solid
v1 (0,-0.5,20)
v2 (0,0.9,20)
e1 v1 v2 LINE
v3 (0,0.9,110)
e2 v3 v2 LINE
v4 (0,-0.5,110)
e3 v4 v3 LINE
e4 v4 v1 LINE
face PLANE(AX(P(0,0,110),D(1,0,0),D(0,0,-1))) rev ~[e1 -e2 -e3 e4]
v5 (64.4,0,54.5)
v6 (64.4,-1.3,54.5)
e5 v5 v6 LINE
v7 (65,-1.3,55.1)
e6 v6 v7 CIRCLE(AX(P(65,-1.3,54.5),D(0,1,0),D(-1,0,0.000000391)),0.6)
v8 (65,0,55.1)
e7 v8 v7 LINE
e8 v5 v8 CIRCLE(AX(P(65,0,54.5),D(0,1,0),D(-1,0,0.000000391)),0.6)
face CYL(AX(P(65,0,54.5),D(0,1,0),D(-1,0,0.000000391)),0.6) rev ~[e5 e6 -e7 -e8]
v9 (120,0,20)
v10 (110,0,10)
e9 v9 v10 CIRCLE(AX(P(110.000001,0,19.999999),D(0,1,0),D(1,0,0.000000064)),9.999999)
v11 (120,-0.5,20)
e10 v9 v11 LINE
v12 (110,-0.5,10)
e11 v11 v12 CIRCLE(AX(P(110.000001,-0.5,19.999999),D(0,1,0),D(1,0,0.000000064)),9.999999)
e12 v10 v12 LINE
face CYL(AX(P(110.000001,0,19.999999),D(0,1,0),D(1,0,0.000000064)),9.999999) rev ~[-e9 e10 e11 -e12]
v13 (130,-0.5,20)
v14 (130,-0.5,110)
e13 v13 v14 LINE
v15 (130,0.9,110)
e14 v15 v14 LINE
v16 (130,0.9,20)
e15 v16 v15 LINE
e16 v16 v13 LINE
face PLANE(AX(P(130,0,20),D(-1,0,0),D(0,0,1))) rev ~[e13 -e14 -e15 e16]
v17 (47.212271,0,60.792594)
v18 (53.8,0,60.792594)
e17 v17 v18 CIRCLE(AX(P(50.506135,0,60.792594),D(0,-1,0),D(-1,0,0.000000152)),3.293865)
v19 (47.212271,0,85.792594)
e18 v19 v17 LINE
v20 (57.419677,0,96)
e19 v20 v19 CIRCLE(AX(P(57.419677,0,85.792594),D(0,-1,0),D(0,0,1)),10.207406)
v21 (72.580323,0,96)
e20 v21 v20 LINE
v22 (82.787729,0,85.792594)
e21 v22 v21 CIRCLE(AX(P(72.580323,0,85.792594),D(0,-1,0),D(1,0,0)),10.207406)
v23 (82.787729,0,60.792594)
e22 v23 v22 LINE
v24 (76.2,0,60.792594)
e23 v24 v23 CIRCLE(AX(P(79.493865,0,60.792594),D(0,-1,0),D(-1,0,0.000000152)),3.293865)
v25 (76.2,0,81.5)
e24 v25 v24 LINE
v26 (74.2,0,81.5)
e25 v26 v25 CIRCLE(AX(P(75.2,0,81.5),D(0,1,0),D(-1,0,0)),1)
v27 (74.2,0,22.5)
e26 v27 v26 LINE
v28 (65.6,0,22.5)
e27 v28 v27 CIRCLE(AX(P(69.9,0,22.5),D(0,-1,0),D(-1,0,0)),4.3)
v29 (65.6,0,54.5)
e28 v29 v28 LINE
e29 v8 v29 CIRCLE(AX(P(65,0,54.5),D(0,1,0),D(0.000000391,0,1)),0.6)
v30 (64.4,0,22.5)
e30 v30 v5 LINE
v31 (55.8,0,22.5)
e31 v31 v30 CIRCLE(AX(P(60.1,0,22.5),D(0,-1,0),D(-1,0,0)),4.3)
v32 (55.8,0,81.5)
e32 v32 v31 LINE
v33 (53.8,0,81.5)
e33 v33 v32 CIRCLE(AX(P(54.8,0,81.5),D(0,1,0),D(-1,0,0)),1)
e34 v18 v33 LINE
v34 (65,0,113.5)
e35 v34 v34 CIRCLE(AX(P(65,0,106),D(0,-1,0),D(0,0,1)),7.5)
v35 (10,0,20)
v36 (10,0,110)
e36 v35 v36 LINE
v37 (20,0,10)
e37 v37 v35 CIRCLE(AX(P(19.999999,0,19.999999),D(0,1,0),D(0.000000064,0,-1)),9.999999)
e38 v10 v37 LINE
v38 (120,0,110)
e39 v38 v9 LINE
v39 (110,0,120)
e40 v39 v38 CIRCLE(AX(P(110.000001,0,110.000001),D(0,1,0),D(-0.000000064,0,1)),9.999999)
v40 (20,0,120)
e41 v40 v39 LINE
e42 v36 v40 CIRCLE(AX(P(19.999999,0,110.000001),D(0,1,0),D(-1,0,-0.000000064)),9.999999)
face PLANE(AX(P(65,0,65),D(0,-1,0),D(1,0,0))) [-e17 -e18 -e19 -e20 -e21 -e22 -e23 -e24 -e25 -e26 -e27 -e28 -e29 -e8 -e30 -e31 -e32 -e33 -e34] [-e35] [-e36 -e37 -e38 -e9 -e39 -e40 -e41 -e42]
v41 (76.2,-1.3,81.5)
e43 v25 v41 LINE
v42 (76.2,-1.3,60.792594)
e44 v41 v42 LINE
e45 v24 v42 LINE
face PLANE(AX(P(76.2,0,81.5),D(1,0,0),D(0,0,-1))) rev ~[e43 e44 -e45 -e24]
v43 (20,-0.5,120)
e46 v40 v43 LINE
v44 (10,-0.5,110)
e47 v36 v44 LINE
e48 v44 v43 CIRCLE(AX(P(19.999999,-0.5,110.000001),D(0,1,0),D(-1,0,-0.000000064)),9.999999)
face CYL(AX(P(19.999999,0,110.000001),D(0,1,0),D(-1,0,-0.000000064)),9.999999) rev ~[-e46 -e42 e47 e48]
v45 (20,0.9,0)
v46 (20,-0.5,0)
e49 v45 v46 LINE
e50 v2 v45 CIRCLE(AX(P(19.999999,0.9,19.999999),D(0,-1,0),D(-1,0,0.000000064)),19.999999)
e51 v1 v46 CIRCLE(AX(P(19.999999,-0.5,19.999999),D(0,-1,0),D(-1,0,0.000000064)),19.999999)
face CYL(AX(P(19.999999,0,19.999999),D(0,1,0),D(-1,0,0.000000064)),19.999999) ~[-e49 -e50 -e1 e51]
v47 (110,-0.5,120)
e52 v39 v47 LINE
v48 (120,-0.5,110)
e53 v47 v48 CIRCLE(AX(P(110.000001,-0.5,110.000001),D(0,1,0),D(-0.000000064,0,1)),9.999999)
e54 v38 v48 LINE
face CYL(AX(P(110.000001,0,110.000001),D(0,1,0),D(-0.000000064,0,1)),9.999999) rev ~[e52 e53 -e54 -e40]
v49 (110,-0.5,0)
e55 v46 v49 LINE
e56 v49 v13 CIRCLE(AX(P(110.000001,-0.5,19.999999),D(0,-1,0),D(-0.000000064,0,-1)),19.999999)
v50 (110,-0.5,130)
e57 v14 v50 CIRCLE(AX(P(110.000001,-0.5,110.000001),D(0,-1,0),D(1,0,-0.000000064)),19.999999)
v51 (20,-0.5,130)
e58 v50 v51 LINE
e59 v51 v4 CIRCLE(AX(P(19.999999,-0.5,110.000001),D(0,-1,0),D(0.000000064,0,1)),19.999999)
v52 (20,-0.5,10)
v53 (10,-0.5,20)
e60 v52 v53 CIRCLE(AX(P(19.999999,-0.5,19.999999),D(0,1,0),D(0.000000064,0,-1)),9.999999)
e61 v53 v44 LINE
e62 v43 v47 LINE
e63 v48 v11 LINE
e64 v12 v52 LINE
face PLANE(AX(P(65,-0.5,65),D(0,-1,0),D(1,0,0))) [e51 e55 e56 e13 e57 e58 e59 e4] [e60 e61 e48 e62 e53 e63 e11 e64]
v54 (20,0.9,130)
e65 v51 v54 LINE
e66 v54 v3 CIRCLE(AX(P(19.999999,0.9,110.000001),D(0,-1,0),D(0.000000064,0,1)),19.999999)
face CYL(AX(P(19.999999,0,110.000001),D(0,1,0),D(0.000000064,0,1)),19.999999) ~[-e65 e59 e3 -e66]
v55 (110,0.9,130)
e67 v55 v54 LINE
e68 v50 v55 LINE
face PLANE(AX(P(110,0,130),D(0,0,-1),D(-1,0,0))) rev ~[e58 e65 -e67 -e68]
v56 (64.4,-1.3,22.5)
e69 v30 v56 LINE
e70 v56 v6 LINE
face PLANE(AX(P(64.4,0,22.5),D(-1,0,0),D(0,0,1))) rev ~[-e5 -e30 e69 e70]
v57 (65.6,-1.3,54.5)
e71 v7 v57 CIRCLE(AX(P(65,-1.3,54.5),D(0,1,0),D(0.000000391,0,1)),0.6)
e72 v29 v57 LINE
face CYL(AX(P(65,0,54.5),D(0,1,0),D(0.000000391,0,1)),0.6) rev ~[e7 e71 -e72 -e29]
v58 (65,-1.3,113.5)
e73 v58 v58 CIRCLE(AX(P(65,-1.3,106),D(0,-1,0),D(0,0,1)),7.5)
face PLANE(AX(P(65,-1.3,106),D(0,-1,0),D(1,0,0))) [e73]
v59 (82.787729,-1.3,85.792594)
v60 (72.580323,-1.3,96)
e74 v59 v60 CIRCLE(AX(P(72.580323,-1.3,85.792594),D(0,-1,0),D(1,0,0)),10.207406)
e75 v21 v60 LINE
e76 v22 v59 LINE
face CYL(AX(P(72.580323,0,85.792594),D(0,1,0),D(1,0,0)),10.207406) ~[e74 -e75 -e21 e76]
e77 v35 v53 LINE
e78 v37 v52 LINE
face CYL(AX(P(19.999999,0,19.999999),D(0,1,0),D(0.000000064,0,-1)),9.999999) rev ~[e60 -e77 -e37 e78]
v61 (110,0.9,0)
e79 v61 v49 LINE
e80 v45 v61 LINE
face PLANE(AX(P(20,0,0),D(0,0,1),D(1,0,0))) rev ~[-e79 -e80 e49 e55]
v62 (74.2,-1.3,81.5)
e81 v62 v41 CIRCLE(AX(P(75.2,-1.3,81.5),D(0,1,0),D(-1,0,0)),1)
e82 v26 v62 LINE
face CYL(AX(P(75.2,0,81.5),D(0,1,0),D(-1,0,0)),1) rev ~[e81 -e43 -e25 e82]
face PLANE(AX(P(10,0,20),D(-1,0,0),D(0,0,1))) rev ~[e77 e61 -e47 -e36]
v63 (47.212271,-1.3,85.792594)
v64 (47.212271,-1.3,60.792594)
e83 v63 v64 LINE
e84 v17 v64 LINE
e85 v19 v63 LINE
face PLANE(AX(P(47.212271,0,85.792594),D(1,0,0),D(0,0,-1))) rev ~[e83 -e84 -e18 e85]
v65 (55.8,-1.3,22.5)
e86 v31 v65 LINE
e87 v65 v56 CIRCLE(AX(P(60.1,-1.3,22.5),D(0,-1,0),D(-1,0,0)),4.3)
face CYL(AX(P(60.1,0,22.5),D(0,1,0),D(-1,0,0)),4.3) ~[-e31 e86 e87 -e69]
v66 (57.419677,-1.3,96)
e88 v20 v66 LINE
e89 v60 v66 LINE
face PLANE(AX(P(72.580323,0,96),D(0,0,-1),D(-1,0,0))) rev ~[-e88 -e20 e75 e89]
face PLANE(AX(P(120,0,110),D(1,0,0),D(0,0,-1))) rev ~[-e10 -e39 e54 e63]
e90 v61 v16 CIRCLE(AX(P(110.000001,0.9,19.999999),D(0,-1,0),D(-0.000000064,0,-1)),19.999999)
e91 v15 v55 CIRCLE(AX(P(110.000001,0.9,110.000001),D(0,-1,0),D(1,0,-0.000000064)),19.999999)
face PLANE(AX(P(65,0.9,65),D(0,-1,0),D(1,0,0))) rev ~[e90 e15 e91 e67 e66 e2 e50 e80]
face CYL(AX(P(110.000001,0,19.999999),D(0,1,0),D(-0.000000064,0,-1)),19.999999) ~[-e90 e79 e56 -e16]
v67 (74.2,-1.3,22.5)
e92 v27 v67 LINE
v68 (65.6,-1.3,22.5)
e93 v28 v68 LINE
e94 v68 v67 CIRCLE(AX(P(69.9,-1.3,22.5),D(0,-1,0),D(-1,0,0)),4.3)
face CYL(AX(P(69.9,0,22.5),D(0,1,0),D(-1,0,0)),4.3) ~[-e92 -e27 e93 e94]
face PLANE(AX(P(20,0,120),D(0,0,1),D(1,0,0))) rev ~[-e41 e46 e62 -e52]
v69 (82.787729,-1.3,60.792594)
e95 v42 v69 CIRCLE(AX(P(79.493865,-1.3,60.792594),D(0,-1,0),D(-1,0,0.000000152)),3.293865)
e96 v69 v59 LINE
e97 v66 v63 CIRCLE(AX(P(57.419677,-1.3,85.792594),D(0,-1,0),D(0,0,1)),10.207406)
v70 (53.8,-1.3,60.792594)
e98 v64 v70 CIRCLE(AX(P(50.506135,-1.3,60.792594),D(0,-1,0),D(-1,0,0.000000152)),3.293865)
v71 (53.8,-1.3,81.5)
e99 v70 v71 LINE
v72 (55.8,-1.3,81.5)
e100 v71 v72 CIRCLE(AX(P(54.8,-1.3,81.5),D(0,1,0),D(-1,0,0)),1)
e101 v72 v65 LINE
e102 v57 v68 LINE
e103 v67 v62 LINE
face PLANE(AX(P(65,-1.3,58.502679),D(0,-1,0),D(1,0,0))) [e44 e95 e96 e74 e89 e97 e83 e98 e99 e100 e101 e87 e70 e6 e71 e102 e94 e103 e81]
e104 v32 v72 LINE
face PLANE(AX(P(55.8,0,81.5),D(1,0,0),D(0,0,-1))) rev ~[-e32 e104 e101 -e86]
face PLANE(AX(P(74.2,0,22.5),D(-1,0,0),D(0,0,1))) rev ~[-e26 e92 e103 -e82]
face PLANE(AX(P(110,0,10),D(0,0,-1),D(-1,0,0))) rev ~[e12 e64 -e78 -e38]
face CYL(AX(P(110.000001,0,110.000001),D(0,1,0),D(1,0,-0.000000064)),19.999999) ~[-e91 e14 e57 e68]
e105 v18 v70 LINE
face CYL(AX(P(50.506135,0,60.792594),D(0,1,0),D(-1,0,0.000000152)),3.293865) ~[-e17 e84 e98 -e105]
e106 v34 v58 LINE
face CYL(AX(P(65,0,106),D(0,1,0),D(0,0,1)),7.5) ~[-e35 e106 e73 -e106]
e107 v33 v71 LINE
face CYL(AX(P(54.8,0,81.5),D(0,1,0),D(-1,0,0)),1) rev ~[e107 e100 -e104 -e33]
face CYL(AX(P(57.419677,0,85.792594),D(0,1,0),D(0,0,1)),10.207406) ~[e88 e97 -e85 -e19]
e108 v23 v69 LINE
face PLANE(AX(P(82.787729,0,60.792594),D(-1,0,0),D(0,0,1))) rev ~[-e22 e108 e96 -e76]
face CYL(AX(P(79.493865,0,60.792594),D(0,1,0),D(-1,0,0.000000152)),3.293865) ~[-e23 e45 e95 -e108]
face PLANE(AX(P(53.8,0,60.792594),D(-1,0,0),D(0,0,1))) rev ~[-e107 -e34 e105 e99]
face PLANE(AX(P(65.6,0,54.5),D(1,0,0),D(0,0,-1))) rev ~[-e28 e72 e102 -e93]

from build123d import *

# Parameters (mm, degrees)
F1_DEPTH = 0.9
F2_DEPTH = 0.5
F3_DEPTH = 1.3


with BuildPart() as f1:
    # F0 (on Front) → F1 (new body)
    with BuildSketch(Plane.XZ):
        with BuildLine():
            ThreePointArc((0, 20), (5.857864, 5.857864), (20, 0))
            Line((20, 0), (65, 0))
            Line((65, 0), (110, 0))
            ThreePointArc((110, 0), (124.142136, 5.857864), (130, 20))
            Line((130, 20), (130, 110))
            ThreePointArc((130, 110), (124.142136, 124.142136), (110, 130))
            Line((110, 130), (65, 130))
            Line((65, 130), (20, 130))
            ThreePointArc((20, 130), (5.857864, 124.142136), (0, 110))
            Line((0, 110), (0, 20))
        make_face()
        with BuildLine():
            Line((65, 120), (110, 120))
            ThreePointArc((110, 120), (117.071068, 117.071068), (120, 110))
            Line((120, 110), (120, 20))
            ThreePointArc((120, 20), (117.071068, 12.928932), (110, 10))
            Line((110, 10), (65, 10))
            Line((65, 10), (20, 10))
            ThreePointArc((20, 10), (12.928932, 12.928932), (10, 20))
            Line((10, 20), (10, 110))
            ThreePointArc((10, 110), (12.928932, 117.071068), (20, 120))
            Line((20, 120), (65, 120))
        make_face(mode=Mode.SUBTRACT)
        with BuildLine():
            ThreePointArc((120, 110), (117.071068, 117.071068), (110, 120))
            Line((110, 120), (65, 120))
            Line((65, 120), (20, 120))
            ThreePointArc((20, 120), (12.928932, 117.071068), (10, 110))
            Line((10, 110), (10, 20))
            ThreePointArc((10, 20), (12.928932, 12.928932), (20, 10))
            Line((20, 10), (65, 10))
            Line((65, 10), (110, 10))
            ThreePointArc((110, 10), (117.071068, 12.928932), (120, 20))
            Line((120, 20), (120, 110))
        make_face()
        with BuildLine():
            ThreePointArc((47.212271, 85.792594), (50.201951, 93.01032), (57.419677, 96))
            Line((57.419677, 96), (65, 96))
            Line((65, 96), (72.580323, 96))
            ThreePointArc((72.580323, 96), (79.798049, 93.01032), (82.787729, 85.792594))
            Line((82.787729, 85.792594), (82.787729, 60.792594))
            ThreePointArc((82.787729, 60.792594), (79.493864, 57.498729), (76.2, 60.792594))
            Line((76.2, 60.792594), (76.2, 81.5))
            ThreePointArc((76.2, 81.5), (75.2, 82.5), (74.2, 81.5))
            Line((74.2, 81.5), (74.2, 22.5))
            ThreePointArc((74.2, 22.5), (69.9, 18.2), (65.6, 22.5))
            Line((65.6, 22.5), (65.6, 54.5))
            ThreePointArc((65.6, 54.5), (65.424264, 54.924264), (65, 55.1))
            ThreePointArc((65, 55.1), (64.575736, 54.924264), (64.4, 54.5))
            Line((64.4, 54.5), (64.4, 22.5))
            ThreePointArc((64.4, 22.5), (60.1, 18.2), (55.8, 22.5))
            Line((55.8, 22.5), (55.8, 81.5))
            ThreePointArc((55.8, 81.5), (54.8, 82.5), (53.8, 81.5))
            Line((53.8, 81.5), (53.8, 60.792594))
            ThreePointArc((53.8, 60.792594), (50.506136, 57.498729), (47.212271, 60.792594))
            Line((47.212271, 60.792594), (47.212271, 85.792594))
        make_face(mode=Mode.SUBTRACT)
        with BuildLine():
            ThreePointArc((65, 98.5), (57.5, 106), (65, 113.5))
            ThreePointArc((65, 113.5), (72.5, 106), (65, 98.5))
        make_face(mode=Mode.SUBTRACT)
        with BuildLine():
            Line((65, 96), (57.419677, 96))
            ThreePointArc((57.419677, 96), (50.201951, 93.01032), (47.212271, 85.792594))
            Line((47.212271, 85.792594), (47.212271, 60.792594))
            ThreePointArc((47.212271, 60.792594), (50.506136, 57.498729), (53.8, 60.792594))
            Line((53.8, 60.792594), (53.8, 81.5))
            ThreePointArc((53.8, 81.5), (54.8, 82.5), (55.8, 81.5))
            Line((55.8, 81.5), (55.8, 22.5))
            ThreePointArc((55.8, 22.5), (60.1, 18.2), (64.4, 22.5))
            Line((64.4, 22.5), (64.4, 54.5))
            ThreePointArc((64.4, 54.5), (64.575736, 54.924264), (65, 55.1))
            ThreePointArc((65, 55.1), (65.424264, 54.924264), (65.6, 54.5))
            Line((65.6, 54.5), (65.6, 22.5))
            ThreePointArc((65.6, 22.5), (69.9, 18.2), (74.2, 22.5))
            Line((74.2, 22.5), (74.2, 81.5))
            ThreePointArc((74.2, 81.5), (75.2, 82.5), (76.2, 81.5))
            Line((76.2, 81.5), (76.2, 60.792594))
            ThreePointArc((76.2, 60.792594), (79.493864, 57.498729), (82.787729, 60.792594))
            Line((82.787729, 60.792594), (82.787729, 85.792594))
            ThreePointArc((82.787729, 85.792594), (79.798049, 93.01032), (72.580323, 96))
            Line((72.580323, 96), (65, 96))
        make_face()
        with BuildLine():
            ThreePointArc((65, 98.5), (72.5, 106), (65, 113.5))
            ThreePointArc((65, 113.5), (57.5, 106), (65, 98.5))
        make_face()
    extrude(amount=-F1_DEPTH)

    # F0 (on Front) → F2 (join)
    with BuildSketch(Plane.XZ):
        with BuildLine():
            ThreePointArc((0, 20), (5.857864, 5.857864), (20, 0))
            Line((20, 0), (65, 0))
            Line((65, 0), (110, 0))
            ThreePointArc((110, 0), (124.142136, 5.857864), (130, 20))
            Line((130, 20), (130, 110))
            ThreePointArc((130, 110), (124.142136, 124.142136), (110, 130))
            Line((110, 130), (65, 130))
            Line((65, 130), (20, 130))
            ThreePointArc((20, 130), (5.857864, 124.142136), (0, 110))
            Line((0, 110), (0, 20))
        make_face()
        with BuildLine():
            Line((65, 120), (110, 120))
            ThreePointArc((110, 120), (117.071068, 117.071068), (120, 110))
            Line((120, 110), (120, 20))
            ThreePointArc((120, 20), (117.071068, 12.928932), (110, 10))
            Line((110, 10), (65, 10))
            Line((65, 10), (20, 10))
            ThreePointArc((20, 10), (12.928932, 12.928932), (10, 20))
            Line((10, 20), (10, 110))
            ThreePointArc((10, 110), (12.928932, 117.071068), (20, 120))
            Line((20, 120), (65, 120))
        make_face(mode=Mode.SUBTRACT)
    extrude(amount=F2_DEPTH)

    # F0 (on Front) → F3 (join)
    with BuildSketch(Plane.XZ):
        with BuildLine():
            ThreePointArc((65, 98.5), (72.5, 106), (65, 113.5))
            ThreePointArc((65, 113.5), (57.5, 106), (65, 98.5))
        make_face()
        with BuildLine():
            Line((65, 96), (57.419677, 96))
            ThreePointArc((57.419677, 96), (50.201951, 93.01032), (47.212271, 85.792594))
            Line((47.212271, 85.792594), (47.212271, 60.792594))
            ThreePointArc((47.212271, 60.792594), (50.506136, 57.498729), (53.8, 60.792594))
            Line((53.8, 60.792594), (53.8, 81.5))
            ThreePointArc((53.8, 81.5), (54.8, 82.5), (55.8, 81.5))
            Line((55.8, 81.5), (55.8, 22.5))
            ThreePointArc((55.8, 22.5), (60.1, 18.2), (64.4, 22.5))
            Line((64.4, 22.5), (64.4, 54.5))
            ThreePointArc((64.4, 54.5), (64.575736, 54.924264), (65, 55.1))
            ThreePointArc((65, 55.1), (65.424264, 54.924264), (65.6, 54.5))
            Line((65.6, 54.5), (65.6, 22.5))
            ThreePointArc((65.6, 22.5), (69.9, 18.2), (74.2, 22.5))
            Line((74.2, 22.5), (74.2, 81.5))
            ThreePointArc((74.2, 81.5), (75.2, 82.5), (76.2, 81.5))
            Line((76.2, 81.5), (76.2, 60.792594))
            ThreePointArc((76.2, 60.792594), (79.493864, 57.498729), (82.787729, 60.792594))
            Line((82.787729, 60.792594), (82.787729, 85.792594))
            ThreePointArc((82.787729, 85.792594), (79.798049, 93.01032), (72.580323, 96))
            Line((72.580323, 96), (65, 96))
        make_face()
    extrude(amount=F3_DEPTH)


solid = f1.part
